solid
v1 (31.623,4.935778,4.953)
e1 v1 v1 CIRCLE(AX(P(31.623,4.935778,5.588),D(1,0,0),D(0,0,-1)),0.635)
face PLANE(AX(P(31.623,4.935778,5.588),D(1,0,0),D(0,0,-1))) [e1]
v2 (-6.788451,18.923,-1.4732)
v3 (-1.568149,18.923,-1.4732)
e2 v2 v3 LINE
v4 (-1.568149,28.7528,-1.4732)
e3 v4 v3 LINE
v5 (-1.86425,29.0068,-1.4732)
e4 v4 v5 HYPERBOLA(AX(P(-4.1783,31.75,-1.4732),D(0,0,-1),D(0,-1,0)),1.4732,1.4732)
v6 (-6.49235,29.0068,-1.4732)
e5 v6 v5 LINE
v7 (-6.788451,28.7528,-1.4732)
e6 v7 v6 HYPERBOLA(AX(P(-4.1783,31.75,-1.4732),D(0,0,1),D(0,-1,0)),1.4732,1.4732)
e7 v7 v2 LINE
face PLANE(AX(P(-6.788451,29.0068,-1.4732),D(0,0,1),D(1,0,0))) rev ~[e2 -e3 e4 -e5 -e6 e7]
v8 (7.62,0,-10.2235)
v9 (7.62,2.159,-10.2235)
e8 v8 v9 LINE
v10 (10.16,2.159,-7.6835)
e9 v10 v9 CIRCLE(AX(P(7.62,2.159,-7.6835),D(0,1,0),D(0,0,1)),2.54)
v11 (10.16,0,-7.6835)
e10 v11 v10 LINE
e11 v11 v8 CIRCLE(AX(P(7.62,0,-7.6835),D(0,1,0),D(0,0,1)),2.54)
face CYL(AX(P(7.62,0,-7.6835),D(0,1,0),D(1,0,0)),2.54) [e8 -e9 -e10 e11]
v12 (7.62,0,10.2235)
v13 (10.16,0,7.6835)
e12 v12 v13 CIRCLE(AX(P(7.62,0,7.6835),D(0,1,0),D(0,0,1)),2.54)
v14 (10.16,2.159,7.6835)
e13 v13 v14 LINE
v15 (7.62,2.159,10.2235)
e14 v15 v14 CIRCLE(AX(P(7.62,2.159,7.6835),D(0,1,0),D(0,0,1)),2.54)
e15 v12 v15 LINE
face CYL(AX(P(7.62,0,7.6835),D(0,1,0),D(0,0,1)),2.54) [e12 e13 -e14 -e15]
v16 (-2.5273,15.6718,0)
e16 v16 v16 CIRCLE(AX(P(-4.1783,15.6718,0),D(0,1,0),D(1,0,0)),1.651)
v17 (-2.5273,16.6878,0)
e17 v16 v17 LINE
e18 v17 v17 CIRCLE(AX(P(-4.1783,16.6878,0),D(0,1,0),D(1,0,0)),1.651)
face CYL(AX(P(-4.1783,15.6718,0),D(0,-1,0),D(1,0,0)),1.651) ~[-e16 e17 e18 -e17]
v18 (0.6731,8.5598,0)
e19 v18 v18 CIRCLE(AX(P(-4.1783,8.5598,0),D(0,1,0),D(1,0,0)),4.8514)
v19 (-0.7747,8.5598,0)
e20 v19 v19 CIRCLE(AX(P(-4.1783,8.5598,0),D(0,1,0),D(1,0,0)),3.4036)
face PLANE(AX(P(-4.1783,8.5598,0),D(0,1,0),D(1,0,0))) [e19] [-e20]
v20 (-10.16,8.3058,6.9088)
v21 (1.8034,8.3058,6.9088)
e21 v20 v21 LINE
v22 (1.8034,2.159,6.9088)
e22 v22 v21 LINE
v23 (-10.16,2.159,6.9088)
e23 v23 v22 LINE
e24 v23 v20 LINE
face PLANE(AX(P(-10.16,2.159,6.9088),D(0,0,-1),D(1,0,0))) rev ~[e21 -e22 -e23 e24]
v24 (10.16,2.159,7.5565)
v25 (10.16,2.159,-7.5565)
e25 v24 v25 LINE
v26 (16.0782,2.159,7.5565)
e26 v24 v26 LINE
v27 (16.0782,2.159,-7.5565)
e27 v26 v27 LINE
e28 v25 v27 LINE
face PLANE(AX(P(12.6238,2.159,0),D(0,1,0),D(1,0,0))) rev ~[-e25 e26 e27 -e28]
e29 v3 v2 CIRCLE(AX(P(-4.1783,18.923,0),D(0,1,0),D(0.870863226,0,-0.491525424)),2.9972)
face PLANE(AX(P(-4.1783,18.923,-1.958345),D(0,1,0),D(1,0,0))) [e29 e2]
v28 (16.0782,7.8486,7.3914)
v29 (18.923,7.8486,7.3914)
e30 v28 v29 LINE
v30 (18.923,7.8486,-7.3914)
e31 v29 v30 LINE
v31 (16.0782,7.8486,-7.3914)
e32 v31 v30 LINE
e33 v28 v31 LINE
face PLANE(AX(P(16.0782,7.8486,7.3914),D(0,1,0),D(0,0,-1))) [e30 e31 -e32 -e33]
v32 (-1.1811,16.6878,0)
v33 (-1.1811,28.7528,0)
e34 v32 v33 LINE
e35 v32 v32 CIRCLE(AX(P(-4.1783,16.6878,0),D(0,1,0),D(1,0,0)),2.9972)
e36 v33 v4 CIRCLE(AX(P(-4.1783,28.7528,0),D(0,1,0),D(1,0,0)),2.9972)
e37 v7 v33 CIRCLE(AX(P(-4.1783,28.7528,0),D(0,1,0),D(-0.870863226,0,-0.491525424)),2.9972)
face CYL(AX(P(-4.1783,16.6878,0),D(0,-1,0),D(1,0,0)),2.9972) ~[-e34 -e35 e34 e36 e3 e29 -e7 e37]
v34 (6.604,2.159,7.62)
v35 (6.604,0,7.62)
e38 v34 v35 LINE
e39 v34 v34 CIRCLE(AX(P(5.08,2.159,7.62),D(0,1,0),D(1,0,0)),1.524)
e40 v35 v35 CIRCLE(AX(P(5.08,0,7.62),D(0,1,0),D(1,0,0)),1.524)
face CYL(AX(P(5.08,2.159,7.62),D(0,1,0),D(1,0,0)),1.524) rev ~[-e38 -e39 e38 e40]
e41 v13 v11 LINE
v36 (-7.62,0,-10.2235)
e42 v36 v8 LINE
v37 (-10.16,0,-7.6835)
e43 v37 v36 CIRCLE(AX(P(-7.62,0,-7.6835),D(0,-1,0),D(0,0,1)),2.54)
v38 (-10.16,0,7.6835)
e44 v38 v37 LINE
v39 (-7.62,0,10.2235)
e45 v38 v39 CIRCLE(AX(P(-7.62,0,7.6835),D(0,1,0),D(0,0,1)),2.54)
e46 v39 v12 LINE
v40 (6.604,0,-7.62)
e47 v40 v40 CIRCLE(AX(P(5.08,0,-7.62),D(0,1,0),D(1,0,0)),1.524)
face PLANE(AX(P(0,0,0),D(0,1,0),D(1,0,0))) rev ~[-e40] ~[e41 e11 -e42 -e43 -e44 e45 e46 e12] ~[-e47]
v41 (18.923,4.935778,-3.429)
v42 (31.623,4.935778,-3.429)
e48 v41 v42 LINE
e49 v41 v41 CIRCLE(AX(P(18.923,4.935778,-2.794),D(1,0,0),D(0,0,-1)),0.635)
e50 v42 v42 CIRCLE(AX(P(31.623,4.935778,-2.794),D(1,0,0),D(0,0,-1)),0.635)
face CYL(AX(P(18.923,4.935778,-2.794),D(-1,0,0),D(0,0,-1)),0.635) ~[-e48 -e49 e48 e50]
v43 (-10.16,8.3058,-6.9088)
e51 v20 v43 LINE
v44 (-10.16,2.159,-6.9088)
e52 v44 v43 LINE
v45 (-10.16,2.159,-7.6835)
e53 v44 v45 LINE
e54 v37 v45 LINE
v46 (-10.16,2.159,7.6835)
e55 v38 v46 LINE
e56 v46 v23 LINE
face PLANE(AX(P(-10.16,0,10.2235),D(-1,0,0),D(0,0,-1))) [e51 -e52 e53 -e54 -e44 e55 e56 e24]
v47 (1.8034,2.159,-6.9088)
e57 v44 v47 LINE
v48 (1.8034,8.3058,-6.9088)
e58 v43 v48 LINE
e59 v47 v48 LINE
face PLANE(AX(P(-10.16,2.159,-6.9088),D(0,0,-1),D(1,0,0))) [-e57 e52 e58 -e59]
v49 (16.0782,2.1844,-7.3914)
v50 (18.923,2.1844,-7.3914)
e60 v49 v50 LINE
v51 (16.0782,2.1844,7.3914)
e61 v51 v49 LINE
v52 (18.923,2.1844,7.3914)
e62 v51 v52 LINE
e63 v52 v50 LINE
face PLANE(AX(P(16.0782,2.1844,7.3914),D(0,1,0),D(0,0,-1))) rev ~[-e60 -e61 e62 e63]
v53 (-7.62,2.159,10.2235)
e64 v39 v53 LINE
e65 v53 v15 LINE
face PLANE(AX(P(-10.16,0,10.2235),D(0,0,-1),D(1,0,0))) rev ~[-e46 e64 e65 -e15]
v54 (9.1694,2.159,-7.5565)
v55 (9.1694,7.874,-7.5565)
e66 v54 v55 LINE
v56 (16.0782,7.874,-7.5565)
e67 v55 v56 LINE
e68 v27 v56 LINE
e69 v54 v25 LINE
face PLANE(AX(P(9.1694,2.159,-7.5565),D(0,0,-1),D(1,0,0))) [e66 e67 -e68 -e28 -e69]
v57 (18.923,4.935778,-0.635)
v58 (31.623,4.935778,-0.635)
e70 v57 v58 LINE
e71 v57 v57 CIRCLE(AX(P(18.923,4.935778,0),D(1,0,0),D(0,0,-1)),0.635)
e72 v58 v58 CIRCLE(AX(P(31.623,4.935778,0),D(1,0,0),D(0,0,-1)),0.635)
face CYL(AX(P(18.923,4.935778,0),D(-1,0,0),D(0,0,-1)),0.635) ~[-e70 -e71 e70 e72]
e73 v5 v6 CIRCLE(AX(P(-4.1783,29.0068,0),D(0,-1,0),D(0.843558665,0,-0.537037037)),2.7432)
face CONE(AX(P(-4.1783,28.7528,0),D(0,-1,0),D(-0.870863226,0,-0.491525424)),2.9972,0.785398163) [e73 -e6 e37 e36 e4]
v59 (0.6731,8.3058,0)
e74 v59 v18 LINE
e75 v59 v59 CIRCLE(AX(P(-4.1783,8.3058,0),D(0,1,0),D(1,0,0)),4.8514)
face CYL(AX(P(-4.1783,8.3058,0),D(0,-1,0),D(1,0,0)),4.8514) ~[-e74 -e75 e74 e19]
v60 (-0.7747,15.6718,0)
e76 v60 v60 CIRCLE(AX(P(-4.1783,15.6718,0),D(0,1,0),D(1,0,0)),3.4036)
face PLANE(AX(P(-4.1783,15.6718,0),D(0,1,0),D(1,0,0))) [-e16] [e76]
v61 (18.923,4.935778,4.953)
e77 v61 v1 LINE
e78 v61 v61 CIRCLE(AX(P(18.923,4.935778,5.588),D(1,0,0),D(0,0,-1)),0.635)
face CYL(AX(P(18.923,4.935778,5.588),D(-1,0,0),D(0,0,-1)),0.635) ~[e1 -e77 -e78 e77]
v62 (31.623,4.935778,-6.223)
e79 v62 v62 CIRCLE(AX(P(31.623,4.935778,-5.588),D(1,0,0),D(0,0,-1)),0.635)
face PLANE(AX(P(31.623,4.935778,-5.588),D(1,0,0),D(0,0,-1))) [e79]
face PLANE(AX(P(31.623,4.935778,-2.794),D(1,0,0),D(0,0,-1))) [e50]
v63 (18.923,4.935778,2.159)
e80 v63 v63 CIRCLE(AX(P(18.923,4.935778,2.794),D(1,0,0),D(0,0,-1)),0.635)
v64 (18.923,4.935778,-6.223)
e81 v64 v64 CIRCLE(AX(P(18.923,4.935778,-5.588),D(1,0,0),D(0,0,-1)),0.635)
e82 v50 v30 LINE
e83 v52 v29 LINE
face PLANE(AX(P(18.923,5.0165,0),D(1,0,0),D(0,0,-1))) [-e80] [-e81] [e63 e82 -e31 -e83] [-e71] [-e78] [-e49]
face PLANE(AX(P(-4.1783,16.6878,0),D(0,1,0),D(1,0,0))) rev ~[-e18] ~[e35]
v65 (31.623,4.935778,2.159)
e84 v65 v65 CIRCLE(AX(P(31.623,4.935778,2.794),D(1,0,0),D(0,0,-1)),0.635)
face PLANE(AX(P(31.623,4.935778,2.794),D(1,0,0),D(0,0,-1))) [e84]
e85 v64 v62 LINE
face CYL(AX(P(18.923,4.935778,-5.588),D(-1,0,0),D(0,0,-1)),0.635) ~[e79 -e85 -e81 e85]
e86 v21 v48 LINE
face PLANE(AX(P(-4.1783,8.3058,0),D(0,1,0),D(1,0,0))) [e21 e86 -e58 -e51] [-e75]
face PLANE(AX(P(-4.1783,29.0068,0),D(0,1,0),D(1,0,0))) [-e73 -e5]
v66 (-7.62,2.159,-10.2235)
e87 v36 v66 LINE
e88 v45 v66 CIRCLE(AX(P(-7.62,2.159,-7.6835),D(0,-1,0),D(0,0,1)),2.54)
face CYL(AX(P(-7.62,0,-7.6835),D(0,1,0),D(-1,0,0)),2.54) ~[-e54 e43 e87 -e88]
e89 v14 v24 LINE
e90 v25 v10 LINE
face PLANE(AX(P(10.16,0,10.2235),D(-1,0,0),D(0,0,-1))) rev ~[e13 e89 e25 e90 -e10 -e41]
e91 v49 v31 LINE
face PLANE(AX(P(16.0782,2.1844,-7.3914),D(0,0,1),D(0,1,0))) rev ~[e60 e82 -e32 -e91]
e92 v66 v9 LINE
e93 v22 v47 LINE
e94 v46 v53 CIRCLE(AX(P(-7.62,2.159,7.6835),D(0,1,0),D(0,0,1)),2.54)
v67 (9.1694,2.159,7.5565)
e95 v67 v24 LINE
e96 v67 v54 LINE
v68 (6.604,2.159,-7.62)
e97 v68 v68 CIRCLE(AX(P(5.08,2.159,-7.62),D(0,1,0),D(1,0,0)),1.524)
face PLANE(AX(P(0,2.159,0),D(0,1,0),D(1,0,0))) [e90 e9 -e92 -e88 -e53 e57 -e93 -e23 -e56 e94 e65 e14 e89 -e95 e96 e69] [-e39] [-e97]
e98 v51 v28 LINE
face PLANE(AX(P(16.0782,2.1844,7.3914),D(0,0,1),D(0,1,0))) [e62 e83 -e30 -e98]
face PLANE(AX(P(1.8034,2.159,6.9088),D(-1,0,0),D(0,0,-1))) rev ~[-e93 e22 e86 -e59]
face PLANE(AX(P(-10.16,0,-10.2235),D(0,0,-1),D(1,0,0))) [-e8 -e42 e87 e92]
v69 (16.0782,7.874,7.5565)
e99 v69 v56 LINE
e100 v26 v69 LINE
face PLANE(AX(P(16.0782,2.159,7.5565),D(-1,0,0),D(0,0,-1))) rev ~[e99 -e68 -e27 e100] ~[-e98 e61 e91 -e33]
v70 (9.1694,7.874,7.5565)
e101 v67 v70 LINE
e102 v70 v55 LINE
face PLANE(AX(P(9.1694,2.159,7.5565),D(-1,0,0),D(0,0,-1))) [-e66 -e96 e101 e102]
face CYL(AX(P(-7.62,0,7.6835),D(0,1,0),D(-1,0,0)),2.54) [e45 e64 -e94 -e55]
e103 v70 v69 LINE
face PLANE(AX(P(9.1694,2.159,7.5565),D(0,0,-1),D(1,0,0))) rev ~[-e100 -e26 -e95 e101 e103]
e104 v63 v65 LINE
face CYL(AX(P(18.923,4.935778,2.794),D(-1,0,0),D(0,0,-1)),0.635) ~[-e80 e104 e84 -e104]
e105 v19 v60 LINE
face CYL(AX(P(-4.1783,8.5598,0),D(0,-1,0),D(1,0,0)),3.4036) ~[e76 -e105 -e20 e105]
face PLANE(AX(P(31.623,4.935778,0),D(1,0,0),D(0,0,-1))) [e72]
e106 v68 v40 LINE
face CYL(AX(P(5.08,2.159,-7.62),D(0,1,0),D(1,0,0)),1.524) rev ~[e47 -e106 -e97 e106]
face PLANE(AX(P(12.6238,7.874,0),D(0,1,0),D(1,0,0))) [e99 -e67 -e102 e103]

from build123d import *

# Parameters (mm, degrees)
SKETCH1_W           = 20.32
SKETCH1_H           = 20.447
BOSS_EXTRUDE1_DEPTH = 2.159
FILLET1_R           = 2.54
SKETCH2_W           = 6.9088
SKETCH2_H           = 15.113
BOSS_EXTRUDE2_DEPTH = 5.715
SKETCH3_W           = 11.9634
SKETCH3_H           = 13.8176
BOSS_EXTRUDE3_DEPTH = 6.1468
SKETCH4_R           = 4.8514
BOSS_EXTRUDE4_DEPTH = 0.254
SKETCH5_R           = 3.4036
BOSS_EXTRUDE5_DEPTH = 7.112
SKETCH6_R           = 1.651
BOSS_EXTRUDE6_DEPTH = 1.016
SKETCH7_R           = 2.9972
BOSS_EXTRUDE7_DEPTH = 12.319
CUT_EXTRUDE1_DEPTH  = 10.0838
SKETCH9_W           = 14.7828
SKETCH9_H           = 5.6642
BOSS_EXTRUDE8_DEPTH = 2.8448
SKETCH10_R          = 0.635
BOSS_EXTRUDE9_DEPTH = 12.7
SKETCH11_R          = 1.524
CUT_EXTRUDE2_DEPTH  = 12.7
CHAMFER1_SIZE       = 0.254


with BuildPart() as part:
    # Sketch1 → Boss-Extrude1 (new body)
    with BuildSketch(Plane(origin=(0, 0, 0), x_dir=(1, 0, 0), z_dir=(0, 1, 0))):
        Rectangle(SKETCH1_W, SKETCH1_H)
    extrude(amount=BOSS_EXTRUDE1_DEPTH)

    # Fillet1
    fillet1_edges = [part.edges().sort_by_distance(p)[0] for p in [
        (-10.16, 1.0795, -10.2235),
        (10.16, 1.0795, -10.2235),
        (10.16, 1.0795, 10.2235),
        (-10.16, 1.0795, 10.2235),
    ]]
    fillet(fillet1_edges, radius=FILLET1_R)

    # Sketch2 → Boss-Extrude2 (add)
    with BuildSketch(Plane(origin=(0, 2.159, 0), x_dir=(1, 0, 0), z_dir=(0, 1, 0))):
        with Locations((12.6238, 0)):
            Rectangle(SKETCH2_W, SKETCH2_H)
    extrude(amount=BOSS_EXTRUDE2_DEPTH)

    # Sketch3 → Boss-Extrude3 (add)
    with BuildSketch(Plane(origin=(0, 2.159, 0), x_dir=(1, 0, 0), z_dir=(0, 1, 0))):
        with Locations((-4.1783, 0)):
            Rectangle(SKETCH3_W, SKETCH3_H)
    extrude(amount=BOSS_EXTRUDE3_DEPTH)

    # Sketch4 → Boss-Extrude4 (add)
    with BuildSketch(Plane(origin=(0, 8.3058, 0), x_dir=(1, 0, 0), z_dir=(0, 1, 0))):
        with Locations((-4.1783, 0)):
            Circle(SKETCH4_R)
    extrude(amount=BOSS_EXTRUDE4_DEPTH)

    # Sketch5 → Boss-Extrude5 (add)
    with BuildSketch(Plane(origin=(0, 8.5598, 0), x_dir=(1, 0, 0), z_dir=(0, 1, 0))):
        with Locations((-4.1783, 0)):
            Circle(SKETCH5_R)
    extrude(amount=BOSS_EXTRUDE5_DEPTH)

    # Sketch6 → Boss-Extrude6 (add)
    with BuildSketch(Plane(origin=(0, 15.6718, 0), x_dir=(1, 0, 0), z_dir=(0, 1, 0))):
        with Locations((-4.1783, 0)):
            Circle(SKETCH6_R)
    extrude(amount=BOSS_EXTRUDE6_DEPTH)

    # Sketch7 → Boss-Extrude7 (add)
    with BuildSketch(Plane(origin=(0, 16.6878, 0), x_dir=(1, 0, 0), z_dir=(0, 1, 0))):
        with Locations((-4.1783, 0)):
            Circle(SKETCH7_R)
    extrude(amount=BOSS_EXTRUDE7_DEPTH)

    # Sketch8 → Cut-Extrude1 (cut)
    with BuildSketch(Plane(origin=(0, 29.0068, 0), x_dir=(1, 0, 0), z_dir=(0, 1, 0))):
        with BuildLine():
            Line((-6.78845126, 1.4732), (-1.56814874, 1.4732))
            ThreePointArc((-1.56814874, 1.4732), (-4.1783, 2.9972), (-6.78845126, 1.4732))
        make_face()
    extrude(amount=-CUT_EXTRUDE1_DEPTH, mode=Mode.SUBTRACT)

    # Sketch9 → Boss-Extrude8 (add)
    with BuildSketch(Plane(origin=(16.0782, 0, 0), x_dir=(0, 0, -1), z_dir=(1, 0, 0))):
        with Locations((0, 5.0165)):
            Rectangle(SKETCH9_W, SKETCH9_H)
    extrude(amount=BOSS_EXTRUDE8_DEPTH)

    # Sketch10 → Boss-Extrude9 (add)
    with BuildSketch(Plane(origin=(18.923, 0, 0), x_dir=(0, 0, -1), z_dir=(1, 0, 0))):
        with Locations((0, 4.935778059)):
            Circle(SKETCH10_R)
        with Locations((2.794, 4.935778059)):
            Circle(SKETCH10_R)
        with Locations((5.588, 4.935778059)):
            Circle(SKETCH10_R)
        with Locations((-2.794, 4.935778059)):
            Circle(SKETCH10_R)
        with Locations((-5.588, 4.935778059)):
            Circle(SKETCH10_R)
    extrude(amount=BOSS_EXTRUDE9_DEPTH)

    # Sketch11 → Cut-Extrude2 (cut)
    with BuildSketch(Plane(origin=(0, 2.159, 0), x_dir=(1, 0, 0), z_dir=(0, 1, 0))):
        with Locations((5.08, 7.62)):
            Circle(SKETCH11_R)
        with Locations((5.08, -7.62)):
            Circle(SKETCH11_R)
    extrude(amount=-CUT_EXTRUDE2_DEPTH, mode=Mode.SUBTRACT)

    # Chamfer1
    chamfer1_edges = [part.edges().sort_by_distance(p)[0] for p in [
        (-4.939897822, 29.0068, 2.898823313),
    ]]
    chamfer(chamfer1_edges, length=CHAMFER1_SIZE)


solid = part.part
